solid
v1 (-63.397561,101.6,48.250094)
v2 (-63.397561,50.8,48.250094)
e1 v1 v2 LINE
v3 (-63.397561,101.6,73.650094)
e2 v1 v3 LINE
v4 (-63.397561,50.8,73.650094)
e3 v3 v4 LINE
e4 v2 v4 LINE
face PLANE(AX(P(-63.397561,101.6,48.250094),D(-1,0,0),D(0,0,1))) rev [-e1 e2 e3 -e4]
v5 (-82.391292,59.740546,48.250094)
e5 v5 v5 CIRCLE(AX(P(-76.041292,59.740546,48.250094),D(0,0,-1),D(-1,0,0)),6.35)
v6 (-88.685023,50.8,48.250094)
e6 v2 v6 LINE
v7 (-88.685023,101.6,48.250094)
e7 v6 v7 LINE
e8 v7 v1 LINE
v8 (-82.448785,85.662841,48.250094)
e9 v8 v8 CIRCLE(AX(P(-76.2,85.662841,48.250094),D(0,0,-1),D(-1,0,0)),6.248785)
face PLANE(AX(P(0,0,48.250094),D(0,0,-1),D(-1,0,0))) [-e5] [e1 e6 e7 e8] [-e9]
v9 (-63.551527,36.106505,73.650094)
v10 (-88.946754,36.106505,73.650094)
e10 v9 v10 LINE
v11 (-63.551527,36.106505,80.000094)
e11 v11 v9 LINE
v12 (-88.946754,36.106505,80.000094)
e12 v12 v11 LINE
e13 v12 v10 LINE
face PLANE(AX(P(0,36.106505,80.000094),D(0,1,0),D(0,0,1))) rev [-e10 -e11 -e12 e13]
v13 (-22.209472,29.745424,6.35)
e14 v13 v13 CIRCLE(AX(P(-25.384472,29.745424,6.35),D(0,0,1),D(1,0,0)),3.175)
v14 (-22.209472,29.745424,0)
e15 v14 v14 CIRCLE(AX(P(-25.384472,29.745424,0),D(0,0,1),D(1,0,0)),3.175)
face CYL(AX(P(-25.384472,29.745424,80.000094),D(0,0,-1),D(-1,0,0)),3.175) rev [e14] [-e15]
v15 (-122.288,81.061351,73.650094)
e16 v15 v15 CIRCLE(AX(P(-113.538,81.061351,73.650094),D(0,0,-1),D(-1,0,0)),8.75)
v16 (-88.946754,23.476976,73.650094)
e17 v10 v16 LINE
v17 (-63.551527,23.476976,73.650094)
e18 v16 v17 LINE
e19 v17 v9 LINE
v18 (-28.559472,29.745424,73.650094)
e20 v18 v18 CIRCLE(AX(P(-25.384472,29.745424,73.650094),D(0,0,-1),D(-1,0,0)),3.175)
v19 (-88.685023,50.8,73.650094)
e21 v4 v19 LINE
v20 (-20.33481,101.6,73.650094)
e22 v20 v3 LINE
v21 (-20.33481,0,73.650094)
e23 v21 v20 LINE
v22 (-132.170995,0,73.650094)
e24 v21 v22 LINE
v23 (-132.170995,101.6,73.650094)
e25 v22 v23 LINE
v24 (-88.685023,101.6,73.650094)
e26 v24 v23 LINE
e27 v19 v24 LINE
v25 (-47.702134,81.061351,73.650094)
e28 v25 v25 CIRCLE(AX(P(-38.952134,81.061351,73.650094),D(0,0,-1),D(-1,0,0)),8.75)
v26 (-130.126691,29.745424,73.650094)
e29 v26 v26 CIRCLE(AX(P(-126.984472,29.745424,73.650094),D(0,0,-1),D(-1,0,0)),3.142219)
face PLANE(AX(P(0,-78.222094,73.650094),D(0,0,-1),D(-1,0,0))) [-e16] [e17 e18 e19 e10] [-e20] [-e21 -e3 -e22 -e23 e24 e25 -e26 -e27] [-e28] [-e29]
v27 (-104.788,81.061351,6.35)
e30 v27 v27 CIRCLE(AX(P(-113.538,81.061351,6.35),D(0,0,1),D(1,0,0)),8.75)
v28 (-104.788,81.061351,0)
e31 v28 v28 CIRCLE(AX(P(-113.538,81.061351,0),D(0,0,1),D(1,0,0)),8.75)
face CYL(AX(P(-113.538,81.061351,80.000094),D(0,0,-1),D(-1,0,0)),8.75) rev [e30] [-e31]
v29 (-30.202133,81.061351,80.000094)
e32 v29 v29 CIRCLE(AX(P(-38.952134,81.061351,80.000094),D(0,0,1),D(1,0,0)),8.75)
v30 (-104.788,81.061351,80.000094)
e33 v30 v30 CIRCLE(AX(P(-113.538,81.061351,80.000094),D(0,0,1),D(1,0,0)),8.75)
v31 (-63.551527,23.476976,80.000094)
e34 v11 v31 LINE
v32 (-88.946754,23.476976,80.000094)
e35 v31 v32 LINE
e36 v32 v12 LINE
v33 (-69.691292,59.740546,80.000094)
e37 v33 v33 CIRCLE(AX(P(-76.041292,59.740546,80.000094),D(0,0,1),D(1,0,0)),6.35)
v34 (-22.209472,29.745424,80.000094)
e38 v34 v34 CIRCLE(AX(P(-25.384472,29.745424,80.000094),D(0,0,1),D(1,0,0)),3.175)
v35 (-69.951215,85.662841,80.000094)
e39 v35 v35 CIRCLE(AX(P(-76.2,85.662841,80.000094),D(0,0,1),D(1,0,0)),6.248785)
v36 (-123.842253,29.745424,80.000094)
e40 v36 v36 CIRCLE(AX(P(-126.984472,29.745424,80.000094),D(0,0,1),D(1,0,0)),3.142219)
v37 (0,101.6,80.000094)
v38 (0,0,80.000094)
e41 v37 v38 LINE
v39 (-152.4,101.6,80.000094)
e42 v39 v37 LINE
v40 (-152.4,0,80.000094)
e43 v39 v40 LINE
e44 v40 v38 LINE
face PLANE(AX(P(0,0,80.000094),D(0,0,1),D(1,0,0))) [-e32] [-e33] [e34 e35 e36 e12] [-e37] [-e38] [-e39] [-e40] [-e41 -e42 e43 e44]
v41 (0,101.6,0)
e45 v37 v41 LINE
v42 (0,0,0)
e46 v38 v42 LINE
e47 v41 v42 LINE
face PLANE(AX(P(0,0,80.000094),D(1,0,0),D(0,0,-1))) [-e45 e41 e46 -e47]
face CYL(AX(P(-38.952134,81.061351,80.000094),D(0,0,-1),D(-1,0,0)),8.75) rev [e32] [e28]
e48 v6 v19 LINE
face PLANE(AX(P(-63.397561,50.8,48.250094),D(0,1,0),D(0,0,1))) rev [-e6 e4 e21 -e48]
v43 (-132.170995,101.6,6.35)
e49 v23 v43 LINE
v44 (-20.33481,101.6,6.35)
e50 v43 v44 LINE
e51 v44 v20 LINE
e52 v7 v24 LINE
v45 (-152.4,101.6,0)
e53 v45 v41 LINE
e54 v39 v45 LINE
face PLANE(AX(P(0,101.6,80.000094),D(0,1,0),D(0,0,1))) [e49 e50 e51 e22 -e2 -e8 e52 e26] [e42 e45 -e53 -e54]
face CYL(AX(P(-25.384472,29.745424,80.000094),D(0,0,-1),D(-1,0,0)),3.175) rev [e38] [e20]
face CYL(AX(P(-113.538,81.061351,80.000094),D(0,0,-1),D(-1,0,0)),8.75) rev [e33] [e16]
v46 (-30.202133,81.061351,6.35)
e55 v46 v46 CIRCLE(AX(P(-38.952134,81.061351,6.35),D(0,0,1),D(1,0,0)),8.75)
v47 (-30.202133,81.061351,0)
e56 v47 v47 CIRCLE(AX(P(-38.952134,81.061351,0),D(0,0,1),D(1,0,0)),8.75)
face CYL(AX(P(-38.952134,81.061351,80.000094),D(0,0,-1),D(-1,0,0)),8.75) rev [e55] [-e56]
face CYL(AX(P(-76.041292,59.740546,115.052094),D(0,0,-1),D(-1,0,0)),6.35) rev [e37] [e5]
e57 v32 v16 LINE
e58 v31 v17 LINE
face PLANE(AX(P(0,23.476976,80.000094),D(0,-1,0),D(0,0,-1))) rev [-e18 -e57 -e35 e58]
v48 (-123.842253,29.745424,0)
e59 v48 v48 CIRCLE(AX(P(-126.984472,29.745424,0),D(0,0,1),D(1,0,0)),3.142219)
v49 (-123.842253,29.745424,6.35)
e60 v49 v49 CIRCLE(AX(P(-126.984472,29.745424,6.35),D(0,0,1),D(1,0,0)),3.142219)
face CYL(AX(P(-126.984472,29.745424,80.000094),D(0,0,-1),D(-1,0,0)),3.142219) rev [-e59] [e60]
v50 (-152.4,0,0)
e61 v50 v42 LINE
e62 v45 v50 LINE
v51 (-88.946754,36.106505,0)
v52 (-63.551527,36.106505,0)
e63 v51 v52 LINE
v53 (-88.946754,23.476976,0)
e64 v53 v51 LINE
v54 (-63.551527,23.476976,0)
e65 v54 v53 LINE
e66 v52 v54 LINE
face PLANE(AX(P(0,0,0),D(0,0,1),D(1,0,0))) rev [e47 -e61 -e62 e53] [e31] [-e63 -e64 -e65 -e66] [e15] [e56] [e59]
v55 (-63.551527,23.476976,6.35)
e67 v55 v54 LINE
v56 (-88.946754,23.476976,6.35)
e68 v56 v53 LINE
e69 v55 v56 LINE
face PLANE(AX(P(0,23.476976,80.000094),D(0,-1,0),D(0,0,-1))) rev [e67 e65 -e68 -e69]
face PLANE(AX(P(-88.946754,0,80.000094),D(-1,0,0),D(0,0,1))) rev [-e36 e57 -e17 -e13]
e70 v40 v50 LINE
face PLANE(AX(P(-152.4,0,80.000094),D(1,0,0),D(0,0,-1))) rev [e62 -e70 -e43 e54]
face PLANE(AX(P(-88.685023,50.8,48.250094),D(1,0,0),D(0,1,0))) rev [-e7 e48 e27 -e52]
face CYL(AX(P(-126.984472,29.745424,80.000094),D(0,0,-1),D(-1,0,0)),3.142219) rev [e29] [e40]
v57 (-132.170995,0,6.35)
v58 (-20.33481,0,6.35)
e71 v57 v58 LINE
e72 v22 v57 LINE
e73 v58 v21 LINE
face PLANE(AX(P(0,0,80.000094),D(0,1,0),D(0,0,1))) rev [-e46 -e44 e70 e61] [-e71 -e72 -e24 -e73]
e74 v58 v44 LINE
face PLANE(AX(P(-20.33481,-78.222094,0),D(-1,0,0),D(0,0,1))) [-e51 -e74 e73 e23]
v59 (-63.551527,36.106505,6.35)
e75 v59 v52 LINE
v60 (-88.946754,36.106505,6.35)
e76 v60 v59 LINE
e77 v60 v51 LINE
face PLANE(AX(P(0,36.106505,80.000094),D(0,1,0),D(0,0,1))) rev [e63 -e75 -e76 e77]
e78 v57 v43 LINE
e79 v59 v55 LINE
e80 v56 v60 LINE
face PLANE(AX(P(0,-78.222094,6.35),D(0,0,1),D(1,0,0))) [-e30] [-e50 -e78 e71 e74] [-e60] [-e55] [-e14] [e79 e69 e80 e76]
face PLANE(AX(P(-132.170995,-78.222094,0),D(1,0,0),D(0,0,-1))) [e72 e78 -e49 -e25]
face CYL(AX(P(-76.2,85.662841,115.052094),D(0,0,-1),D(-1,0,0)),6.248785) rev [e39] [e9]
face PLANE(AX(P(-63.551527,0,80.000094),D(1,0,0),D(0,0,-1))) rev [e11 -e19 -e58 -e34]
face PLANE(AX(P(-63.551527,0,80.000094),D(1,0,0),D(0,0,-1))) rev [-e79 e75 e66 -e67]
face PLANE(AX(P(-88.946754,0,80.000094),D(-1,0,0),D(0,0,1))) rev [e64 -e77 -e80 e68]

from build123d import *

# Parameters (mm, degrees)
SKETCH2_R           = 8.75000028
SKETCH2_R_2         = 3.175
SKETCH2_W           = 25.3952265
SKETCH2_H           = 12.629529533
SKETCH2_R_3         = 3.142219065
BOSS_EXTRUDE1_DEPTH = 80.000094
CUT_EXTRUDE2_DEPTH  = 179.822094
SKETCH6_R           = 6.35
SKETCH6_R_2         = 6.248785159
CUT_EXTRUDE6_DEPTH  = 41.402
BOSS_EXTRUDE4_START = 25.4
SKETCH6_10_R        = 6.35
SKETCH6_10_R_2      = 6.248785159
BOSS_EXTRUDE4_DEPTH = 25.4


with BuildPart() as part:
    # Sketch2 → Boss-Extrude1 (new body)
    with BuildSketch(Plane.XY):
        Polygon((0, 0), (0, 81.061351085), (0, 101.6), (-152.4, 101.6), (-152.4, 81.061351085), (-152.4, 0), align=None)
        with Locations((-113.538, 81.061351085)):
            Circle(SKETCH2_R, mode=Mode.SUBTRACT)
        with Locations((-38.952133661, 81.061351085)):
            Circle(SKETCH2_R, mode=Mode.SUBTRACT)
        with Locations((-25.384472284, 29.74542377)):
            Circle(SKETCH2_R_2, mode=Mode.SUBTRACT)
        with Locations((-76.249140265, 29.791740678)):
            Rectangle(SKETCH2_W, SKETCH2_H, mode=Mode.SUBTRACT)
        with Locations((-126.984472284, 29.74542377)):
            Circle(SKETCH2_R_3, mode=Mode.SUBTRACT)
    extrude(amount=BOSS_EXTRUDE1_DEPTH)

    # Sketch3 → Cut-Extrude2 (cut)
    with BuildSketch(Plane(origin=(0, 101.6, 0), x_dir=(1, 0, 0), z_dir=(0, 1, 0))):
        Polygon((-132.170994975, -73.650094), (-76.2, -73.650094), (-20.334810309, -73.650094), (-20.334810309, -6.35), (-76.2, -6.35), (-132.170994975, -6.35), align=None)
    extrude(amount=-CUT_EXTRUDE2_DEPTH, mode=Mode.SUBTRACT)

    # Sketch6 → Cut-Extrude6 (cut)
    with BuildSketch(Plane(origin=(0, 0, 73.650094), x_dir=(-1, 0, 0), z_dir=(0, 0, -1))):
        with Locations((76.041292075, 59.740546456)):
            Circle(SKETCH6_R)
        with Locations((76.2, 85.662840915)):
            Circle(SKETCH6_R_2)
    extrude(amount=-CUT_EXTRUDE6_DEPTH, mode=Mode.SUBTRACT)

    # Sketch6<10> → Boss-Extrude4 (add)
    with BuildSketch(Plane(origin=(0, 0, 73.650094), x_dir=(-1, 0, 0), z_dir=(0, 0, -1)).offset(BOSS_EXTRUDE4_START)):
        Polygon((76.2, 101.6), (63.397560696, 101.6), (63.397560696, 50.8), (88.685023454, 50.8), (88.685023454, 101.6), align=None)
        with Locations((76.041292075, 59.740546456)):
            Circle(SKETCH6_10_R, mode=Mode.SUBTRACT)
        with Locations((76.2, 85.662840915)):
            Circle(SKETCH6_10_R_2, mode=Mode.SUBTRACT)
    extrude(amount=-BOSS_EXTRUDE4_DEPTH)


solid = part.part
